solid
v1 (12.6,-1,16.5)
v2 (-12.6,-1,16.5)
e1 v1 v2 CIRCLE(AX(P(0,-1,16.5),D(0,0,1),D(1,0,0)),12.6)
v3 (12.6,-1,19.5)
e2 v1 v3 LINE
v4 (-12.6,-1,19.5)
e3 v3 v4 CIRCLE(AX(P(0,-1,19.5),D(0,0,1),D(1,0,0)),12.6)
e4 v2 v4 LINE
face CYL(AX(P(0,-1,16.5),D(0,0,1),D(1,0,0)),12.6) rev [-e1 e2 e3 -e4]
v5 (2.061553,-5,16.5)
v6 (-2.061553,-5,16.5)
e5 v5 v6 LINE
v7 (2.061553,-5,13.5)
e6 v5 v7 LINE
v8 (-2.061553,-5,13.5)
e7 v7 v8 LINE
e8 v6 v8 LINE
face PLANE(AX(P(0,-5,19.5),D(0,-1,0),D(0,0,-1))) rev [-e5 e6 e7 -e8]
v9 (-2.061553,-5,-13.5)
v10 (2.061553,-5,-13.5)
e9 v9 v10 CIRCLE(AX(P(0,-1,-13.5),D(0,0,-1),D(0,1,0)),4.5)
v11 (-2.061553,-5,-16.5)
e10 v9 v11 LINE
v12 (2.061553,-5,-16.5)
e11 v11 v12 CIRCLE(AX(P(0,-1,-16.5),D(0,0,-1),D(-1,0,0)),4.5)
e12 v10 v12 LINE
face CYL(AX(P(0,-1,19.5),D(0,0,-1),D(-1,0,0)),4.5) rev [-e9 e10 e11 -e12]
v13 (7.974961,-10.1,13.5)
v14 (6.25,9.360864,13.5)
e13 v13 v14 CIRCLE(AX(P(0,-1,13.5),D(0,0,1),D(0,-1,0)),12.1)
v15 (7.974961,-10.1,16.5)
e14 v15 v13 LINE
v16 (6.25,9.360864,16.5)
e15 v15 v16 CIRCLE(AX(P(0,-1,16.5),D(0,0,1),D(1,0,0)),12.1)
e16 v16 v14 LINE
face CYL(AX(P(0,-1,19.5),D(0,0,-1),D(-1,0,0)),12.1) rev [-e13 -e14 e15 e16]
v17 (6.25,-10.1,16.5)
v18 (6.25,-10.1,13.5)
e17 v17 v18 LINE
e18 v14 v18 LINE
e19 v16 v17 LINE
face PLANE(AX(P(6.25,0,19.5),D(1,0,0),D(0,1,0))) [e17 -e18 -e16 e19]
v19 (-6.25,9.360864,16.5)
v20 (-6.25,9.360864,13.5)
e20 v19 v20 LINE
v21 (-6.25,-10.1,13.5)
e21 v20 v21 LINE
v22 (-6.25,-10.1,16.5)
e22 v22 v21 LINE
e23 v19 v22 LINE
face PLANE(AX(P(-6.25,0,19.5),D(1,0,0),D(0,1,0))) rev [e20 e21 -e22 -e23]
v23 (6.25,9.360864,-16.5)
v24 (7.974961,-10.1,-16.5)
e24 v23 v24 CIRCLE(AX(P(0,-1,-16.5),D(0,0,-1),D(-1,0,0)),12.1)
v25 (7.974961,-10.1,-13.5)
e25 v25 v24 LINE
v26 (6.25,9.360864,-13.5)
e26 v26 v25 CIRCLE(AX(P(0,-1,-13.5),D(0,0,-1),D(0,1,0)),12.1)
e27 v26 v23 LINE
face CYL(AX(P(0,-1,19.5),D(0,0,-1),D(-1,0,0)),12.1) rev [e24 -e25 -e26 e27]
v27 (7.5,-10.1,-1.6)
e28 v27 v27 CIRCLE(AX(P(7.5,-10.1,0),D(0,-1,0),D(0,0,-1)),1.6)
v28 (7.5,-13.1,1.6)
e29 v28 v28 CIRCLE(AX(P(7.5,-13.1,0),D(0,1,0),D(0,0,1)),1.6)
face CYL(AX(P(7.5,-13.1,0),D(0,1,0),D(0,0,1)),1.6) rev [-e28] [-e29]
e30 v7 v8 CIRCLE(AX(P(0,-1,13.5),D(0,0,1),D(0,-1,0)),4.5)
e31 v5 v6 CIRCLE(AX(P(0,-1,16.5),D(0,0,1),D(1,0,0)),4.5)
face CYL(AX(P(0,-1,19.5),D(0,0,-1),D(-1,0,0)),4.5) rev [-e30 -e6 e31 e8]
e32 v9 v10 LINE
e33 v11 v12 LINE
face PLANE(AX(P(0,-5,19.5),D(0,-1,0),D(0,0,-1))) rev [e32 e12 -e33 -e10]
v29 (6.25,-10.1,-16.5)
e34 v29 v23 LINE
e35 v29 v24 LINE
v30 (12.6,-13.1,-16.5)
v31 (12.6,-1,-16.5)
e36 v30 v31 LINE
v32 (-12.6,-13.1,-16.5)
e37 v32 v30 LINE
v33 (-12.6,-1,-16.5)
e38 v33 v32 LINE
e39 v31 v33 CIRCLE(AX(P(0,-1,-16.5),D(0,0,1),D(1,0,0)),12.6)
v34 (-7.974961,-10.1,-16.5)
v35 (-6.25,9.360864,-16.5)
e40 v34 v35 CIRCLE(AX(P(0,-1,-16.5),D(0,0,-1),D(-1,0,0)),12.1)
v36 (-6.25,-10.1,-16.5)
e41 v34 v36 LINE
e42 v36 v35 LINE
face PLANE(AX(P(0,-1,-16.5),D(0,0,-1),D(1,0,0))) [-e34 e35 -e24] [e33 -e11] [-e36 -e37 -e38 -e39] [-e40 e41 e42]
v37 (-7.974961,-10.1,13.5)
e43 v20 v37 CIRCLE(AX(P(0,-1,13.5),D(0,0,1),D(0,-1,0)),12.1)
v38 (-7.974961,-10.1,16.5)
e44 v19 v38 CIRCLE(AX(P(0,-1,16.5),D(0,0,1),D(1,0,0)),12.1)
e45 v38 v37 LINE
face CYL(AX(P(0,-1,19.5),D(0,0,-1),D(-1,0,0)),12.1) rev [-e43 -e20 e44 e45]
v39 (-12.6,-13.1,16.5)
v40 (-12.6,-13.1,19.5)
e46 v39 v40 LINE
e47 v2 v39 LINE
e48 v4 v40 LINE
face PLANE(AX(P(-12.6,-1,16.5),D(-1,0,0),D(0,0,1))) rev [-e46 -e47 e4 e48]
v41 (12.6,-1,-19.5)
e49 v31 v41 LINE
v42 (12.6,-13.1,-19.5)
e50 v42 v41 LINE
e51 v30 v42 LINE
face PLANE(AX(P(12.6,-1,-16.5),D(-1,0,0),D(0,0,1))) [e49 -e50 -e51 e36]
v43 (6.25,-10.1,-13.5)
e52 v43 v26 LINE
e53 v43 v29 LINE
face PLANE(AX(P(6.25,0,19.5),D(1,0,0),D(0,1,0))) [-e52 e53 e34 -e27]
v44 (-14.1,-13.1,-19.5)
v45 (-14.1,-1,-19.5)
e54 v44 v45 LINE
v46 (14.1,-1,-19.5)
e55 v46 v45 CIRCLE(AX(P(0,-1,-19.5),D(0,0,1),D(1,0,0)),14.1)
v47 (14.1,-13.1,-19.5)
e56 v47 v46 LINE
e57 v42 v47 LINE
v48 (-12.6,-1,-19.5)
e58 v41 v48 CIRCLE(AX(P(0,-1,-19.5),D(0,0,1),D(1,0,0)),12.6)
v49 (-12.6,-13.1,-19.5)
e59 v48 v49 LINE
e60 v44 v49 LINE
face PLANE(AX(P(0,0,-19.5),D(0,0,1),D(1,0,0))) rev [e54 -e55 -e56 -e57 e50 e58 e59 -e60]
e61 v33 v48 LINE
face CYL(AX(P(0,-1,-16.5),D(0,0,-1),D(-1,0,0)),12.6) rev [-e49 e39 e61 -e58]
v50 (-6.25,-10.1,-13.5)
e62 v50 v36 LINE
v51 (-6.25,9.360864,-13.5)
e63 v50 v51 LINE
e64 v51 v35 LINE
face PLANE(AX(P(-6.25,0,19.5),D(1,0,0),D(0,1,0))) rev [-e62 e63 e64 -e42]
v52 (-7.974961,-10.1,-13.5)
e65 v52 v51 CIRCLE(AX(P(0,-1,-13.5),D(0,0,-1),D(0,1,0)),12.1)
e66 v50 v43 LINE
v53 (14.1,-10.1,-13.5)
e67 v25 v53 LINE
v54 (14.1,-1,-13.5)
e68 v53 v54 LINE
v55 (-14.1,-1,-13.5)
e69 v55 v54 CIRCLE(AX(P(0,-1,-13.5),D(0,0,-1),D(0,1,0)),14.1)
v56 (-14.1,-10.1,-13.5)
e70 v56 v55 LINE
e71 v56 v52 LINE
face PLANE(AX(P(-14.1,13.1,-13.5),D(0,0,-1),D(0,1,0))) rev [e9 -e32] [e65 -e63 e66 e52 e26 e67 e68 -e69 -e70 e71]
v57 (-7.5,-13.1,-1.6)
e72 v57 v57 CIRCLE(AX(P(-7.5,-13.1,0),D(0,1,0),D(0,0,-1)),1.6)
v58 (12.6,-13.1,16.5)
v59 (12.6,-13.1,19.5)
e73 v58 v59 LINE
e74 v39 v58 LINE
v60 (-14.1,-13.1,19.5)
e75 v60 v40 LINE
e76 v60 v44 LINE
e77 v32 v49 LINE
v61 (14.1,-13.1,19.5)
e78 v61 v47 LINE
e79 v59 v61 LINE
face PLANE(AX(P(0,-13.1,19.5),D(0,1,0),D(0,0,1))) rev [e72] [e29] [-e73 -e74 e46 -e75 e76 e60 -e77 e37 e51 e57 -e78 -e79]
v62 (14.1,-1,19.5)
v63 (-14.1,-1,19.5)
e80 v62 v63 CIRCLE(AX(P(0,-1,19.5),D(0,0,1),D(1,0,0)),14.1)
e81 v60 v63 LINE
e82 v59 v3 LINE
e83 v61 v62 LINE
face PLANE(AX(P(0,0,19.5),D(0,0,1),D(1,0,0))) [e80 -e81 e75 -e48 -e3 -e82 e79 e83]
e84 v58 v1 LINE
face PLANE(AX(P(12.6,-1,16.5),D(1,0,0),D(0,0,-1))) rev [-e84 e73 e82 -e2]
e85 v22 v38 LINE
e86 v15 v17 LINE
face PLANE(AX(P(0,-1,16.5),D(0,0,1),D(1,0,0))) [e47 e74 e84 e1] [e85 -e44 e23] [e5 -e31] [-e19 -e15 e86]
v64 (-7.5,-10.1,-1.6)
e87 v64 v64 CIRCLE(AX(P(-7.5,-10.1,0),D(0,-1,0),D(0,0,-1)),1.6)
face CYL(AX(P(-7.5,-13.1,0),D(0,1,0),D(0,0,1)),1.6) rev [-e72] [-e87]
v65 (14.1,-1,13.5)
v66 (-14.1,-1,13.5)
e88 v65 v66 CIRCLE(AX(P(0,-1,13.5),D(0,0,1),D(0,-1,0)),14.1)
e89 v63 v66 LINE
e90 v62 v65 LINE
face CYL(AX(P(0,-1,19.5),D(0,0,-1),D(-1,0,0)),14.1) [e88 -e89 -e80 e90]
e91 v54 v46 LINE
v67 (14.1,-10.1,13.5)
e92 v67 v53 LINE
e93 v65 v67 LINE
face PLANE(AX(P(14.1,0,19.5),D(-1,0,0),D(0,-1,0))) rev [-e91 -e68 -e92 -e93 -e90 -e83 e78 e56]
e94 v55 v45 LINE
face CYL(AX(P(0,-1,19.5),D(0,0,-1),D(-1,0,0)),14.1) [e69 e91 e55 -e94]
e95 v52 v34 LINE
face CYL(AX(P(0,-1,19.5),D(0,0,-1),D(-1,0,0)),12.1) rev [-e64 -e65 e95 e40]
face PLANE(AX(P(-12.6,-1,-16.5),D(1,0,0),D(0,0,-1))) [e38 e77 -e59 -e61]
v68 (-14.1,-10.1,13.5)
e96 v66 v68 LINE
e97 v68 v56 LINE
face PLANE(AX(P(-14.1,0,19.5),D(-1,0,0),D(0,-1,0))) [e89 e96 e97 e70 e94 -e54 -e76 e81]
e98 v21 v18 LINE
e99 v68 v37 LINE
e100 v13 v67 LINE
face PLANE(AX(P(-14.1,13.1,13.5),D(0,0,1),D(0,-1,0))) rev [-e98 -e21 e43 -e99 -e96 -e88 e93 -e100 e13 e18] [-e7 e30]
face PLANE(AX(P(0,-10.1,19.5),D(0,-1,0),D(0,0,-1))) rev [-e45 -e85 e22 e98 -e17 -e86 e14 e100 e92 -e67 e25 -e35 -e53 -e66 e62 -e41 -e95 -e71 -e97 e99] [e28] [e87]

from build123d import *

# Parameters (mm, degrees)
BOSS_EXTRUDE2_DEPTH     = 19.5
SKETCH4_W               = 27
SKETCH4_H               = 23.2
CUT_EXTRUDE2_DEPTH      = 15.1
CUT_EXTRUDE2_DEPTH_BACK = 15.1
CUT_EXTRUDE4_DEPTH      = 3
SKETCH5_R               = 1.6
CUT_EXTRUDE5_DEPTH      = 14.1
CUT_EXTRUDE5_DEPTH_BACK = 14.1


with BuildPart() as part:
    # Sketch2 → Boss-Extrude2 (new body, symmetric)
    with BuildSketch(Plane.XY):
        with BuildLine():
            Line((-14.1, -13.1), (14.1, -13.1))
            Line((14.1, -13.1), (14.1, -1))
            ThreePointArc((14.1, -1), (0, 13.1), (-14.1, -1))
            Line((-14.1, -1), (-14.1, -13.1))
        make_face()
        with BuildLine():
            Line((6.25, 9.360863864), (6.25, -10.1))
            Line((6.25, -10.1), (7.974960815, -10.1))
            ThreePointArc((7.974960815, -10.1), (12.052745875, 0.06832433), (6.25, 9.360863864))
        make_face(mode=Mode.SUBTRACT)
        with BuildLine():
            Line((-6.25, 9.360863864), (-6.25, -10.1))
            Line((-6.25, -10.1), (-7.974960815, -10.1))
            ThreePointArc((-7.974960815, -10.1), (-12.052745875, 0.06832433), (-6.25, 9.360863864))
        make_face(mode=Mode.SUBTRACT)
        with BuildLine():
            Line((2.061552813, -5), (-2.061552813, -5))
            ThreePointArc((-2.061552813, -5), (0, 3.5), (2.061552813, -5))
        make_face(mode=Mode.SUBTRACT)
    extrude(amount=BOSS_EXTRUDE2_DEPTH, both=True)

    # Sketch4 → Cut-Extrude2 (cut, two sides)
    with BuildSketch(Plane(origin=(0, 0, 0), x_dir=(0, 0, -1), z_dir=(1, 0, 0))) as cut_extrude2_sk:
        with Locations((0, 1.5)):
            Rectangle(SKETCH4_W, SKETCH4_H)
    extrude(amount=CUT_EXTRUDE2_DEPTH, mode=Mode.SUBTRACT)
    extrude(cut_extrude2_sk.sketch, amount=-CUT_EXTRUDE2_DEPTH_BACK, mode=Mode.SUBTRACT)

    # Sketch3 → Cut-Extrude4 (cut)
    with BuildSketch(Plane.XY.offset(19.5)):
        with BuildLine():
            Line((-12.6, -1), (-12.6, -13.1))
            Line((-12.6, -13.1), (12.6, -13.1))
            Line((12.6, -13.1), (12.6, -1))
            ThreePointArc((12.6, -1), (0, 11.6), (-12.6, -1))
        make_face()
    cut_extrude4 = extrude(amount=-CUT_EXTRUDE4_DEPTH, mode=Mode.SUBTRACT)

    # Sketch5 → Cut-Extrude5 (cut, two sides)
    with BuildSketch(Plane(origin=(0, 0, 0), x_dir=(1, 0, 0), z_dir=(0, 1, 0))) as cut_extrude5_sk:
        with Locations((7.5, 0)):
            Circle(SKETCH5_R)
        with Locations((-7.5, 0)):
            Circle(SKETCH5_R)
    extrude(amount=CUT_EXTRUDE5_DEPTH, mode=Mode.SUBTRACT)
    extrude(cut_extrude5_sk.sketch, amount=-CUT_EXTRUDE5_DEPTH_BACK, mode=Mode.SUBTRACT)

    # Mirror2: Cut-Extrude4 across plane
    add(cut_extrude4.mirror(Plane.XY), mode=Mode.SUBTRACT)


solid = part.part
